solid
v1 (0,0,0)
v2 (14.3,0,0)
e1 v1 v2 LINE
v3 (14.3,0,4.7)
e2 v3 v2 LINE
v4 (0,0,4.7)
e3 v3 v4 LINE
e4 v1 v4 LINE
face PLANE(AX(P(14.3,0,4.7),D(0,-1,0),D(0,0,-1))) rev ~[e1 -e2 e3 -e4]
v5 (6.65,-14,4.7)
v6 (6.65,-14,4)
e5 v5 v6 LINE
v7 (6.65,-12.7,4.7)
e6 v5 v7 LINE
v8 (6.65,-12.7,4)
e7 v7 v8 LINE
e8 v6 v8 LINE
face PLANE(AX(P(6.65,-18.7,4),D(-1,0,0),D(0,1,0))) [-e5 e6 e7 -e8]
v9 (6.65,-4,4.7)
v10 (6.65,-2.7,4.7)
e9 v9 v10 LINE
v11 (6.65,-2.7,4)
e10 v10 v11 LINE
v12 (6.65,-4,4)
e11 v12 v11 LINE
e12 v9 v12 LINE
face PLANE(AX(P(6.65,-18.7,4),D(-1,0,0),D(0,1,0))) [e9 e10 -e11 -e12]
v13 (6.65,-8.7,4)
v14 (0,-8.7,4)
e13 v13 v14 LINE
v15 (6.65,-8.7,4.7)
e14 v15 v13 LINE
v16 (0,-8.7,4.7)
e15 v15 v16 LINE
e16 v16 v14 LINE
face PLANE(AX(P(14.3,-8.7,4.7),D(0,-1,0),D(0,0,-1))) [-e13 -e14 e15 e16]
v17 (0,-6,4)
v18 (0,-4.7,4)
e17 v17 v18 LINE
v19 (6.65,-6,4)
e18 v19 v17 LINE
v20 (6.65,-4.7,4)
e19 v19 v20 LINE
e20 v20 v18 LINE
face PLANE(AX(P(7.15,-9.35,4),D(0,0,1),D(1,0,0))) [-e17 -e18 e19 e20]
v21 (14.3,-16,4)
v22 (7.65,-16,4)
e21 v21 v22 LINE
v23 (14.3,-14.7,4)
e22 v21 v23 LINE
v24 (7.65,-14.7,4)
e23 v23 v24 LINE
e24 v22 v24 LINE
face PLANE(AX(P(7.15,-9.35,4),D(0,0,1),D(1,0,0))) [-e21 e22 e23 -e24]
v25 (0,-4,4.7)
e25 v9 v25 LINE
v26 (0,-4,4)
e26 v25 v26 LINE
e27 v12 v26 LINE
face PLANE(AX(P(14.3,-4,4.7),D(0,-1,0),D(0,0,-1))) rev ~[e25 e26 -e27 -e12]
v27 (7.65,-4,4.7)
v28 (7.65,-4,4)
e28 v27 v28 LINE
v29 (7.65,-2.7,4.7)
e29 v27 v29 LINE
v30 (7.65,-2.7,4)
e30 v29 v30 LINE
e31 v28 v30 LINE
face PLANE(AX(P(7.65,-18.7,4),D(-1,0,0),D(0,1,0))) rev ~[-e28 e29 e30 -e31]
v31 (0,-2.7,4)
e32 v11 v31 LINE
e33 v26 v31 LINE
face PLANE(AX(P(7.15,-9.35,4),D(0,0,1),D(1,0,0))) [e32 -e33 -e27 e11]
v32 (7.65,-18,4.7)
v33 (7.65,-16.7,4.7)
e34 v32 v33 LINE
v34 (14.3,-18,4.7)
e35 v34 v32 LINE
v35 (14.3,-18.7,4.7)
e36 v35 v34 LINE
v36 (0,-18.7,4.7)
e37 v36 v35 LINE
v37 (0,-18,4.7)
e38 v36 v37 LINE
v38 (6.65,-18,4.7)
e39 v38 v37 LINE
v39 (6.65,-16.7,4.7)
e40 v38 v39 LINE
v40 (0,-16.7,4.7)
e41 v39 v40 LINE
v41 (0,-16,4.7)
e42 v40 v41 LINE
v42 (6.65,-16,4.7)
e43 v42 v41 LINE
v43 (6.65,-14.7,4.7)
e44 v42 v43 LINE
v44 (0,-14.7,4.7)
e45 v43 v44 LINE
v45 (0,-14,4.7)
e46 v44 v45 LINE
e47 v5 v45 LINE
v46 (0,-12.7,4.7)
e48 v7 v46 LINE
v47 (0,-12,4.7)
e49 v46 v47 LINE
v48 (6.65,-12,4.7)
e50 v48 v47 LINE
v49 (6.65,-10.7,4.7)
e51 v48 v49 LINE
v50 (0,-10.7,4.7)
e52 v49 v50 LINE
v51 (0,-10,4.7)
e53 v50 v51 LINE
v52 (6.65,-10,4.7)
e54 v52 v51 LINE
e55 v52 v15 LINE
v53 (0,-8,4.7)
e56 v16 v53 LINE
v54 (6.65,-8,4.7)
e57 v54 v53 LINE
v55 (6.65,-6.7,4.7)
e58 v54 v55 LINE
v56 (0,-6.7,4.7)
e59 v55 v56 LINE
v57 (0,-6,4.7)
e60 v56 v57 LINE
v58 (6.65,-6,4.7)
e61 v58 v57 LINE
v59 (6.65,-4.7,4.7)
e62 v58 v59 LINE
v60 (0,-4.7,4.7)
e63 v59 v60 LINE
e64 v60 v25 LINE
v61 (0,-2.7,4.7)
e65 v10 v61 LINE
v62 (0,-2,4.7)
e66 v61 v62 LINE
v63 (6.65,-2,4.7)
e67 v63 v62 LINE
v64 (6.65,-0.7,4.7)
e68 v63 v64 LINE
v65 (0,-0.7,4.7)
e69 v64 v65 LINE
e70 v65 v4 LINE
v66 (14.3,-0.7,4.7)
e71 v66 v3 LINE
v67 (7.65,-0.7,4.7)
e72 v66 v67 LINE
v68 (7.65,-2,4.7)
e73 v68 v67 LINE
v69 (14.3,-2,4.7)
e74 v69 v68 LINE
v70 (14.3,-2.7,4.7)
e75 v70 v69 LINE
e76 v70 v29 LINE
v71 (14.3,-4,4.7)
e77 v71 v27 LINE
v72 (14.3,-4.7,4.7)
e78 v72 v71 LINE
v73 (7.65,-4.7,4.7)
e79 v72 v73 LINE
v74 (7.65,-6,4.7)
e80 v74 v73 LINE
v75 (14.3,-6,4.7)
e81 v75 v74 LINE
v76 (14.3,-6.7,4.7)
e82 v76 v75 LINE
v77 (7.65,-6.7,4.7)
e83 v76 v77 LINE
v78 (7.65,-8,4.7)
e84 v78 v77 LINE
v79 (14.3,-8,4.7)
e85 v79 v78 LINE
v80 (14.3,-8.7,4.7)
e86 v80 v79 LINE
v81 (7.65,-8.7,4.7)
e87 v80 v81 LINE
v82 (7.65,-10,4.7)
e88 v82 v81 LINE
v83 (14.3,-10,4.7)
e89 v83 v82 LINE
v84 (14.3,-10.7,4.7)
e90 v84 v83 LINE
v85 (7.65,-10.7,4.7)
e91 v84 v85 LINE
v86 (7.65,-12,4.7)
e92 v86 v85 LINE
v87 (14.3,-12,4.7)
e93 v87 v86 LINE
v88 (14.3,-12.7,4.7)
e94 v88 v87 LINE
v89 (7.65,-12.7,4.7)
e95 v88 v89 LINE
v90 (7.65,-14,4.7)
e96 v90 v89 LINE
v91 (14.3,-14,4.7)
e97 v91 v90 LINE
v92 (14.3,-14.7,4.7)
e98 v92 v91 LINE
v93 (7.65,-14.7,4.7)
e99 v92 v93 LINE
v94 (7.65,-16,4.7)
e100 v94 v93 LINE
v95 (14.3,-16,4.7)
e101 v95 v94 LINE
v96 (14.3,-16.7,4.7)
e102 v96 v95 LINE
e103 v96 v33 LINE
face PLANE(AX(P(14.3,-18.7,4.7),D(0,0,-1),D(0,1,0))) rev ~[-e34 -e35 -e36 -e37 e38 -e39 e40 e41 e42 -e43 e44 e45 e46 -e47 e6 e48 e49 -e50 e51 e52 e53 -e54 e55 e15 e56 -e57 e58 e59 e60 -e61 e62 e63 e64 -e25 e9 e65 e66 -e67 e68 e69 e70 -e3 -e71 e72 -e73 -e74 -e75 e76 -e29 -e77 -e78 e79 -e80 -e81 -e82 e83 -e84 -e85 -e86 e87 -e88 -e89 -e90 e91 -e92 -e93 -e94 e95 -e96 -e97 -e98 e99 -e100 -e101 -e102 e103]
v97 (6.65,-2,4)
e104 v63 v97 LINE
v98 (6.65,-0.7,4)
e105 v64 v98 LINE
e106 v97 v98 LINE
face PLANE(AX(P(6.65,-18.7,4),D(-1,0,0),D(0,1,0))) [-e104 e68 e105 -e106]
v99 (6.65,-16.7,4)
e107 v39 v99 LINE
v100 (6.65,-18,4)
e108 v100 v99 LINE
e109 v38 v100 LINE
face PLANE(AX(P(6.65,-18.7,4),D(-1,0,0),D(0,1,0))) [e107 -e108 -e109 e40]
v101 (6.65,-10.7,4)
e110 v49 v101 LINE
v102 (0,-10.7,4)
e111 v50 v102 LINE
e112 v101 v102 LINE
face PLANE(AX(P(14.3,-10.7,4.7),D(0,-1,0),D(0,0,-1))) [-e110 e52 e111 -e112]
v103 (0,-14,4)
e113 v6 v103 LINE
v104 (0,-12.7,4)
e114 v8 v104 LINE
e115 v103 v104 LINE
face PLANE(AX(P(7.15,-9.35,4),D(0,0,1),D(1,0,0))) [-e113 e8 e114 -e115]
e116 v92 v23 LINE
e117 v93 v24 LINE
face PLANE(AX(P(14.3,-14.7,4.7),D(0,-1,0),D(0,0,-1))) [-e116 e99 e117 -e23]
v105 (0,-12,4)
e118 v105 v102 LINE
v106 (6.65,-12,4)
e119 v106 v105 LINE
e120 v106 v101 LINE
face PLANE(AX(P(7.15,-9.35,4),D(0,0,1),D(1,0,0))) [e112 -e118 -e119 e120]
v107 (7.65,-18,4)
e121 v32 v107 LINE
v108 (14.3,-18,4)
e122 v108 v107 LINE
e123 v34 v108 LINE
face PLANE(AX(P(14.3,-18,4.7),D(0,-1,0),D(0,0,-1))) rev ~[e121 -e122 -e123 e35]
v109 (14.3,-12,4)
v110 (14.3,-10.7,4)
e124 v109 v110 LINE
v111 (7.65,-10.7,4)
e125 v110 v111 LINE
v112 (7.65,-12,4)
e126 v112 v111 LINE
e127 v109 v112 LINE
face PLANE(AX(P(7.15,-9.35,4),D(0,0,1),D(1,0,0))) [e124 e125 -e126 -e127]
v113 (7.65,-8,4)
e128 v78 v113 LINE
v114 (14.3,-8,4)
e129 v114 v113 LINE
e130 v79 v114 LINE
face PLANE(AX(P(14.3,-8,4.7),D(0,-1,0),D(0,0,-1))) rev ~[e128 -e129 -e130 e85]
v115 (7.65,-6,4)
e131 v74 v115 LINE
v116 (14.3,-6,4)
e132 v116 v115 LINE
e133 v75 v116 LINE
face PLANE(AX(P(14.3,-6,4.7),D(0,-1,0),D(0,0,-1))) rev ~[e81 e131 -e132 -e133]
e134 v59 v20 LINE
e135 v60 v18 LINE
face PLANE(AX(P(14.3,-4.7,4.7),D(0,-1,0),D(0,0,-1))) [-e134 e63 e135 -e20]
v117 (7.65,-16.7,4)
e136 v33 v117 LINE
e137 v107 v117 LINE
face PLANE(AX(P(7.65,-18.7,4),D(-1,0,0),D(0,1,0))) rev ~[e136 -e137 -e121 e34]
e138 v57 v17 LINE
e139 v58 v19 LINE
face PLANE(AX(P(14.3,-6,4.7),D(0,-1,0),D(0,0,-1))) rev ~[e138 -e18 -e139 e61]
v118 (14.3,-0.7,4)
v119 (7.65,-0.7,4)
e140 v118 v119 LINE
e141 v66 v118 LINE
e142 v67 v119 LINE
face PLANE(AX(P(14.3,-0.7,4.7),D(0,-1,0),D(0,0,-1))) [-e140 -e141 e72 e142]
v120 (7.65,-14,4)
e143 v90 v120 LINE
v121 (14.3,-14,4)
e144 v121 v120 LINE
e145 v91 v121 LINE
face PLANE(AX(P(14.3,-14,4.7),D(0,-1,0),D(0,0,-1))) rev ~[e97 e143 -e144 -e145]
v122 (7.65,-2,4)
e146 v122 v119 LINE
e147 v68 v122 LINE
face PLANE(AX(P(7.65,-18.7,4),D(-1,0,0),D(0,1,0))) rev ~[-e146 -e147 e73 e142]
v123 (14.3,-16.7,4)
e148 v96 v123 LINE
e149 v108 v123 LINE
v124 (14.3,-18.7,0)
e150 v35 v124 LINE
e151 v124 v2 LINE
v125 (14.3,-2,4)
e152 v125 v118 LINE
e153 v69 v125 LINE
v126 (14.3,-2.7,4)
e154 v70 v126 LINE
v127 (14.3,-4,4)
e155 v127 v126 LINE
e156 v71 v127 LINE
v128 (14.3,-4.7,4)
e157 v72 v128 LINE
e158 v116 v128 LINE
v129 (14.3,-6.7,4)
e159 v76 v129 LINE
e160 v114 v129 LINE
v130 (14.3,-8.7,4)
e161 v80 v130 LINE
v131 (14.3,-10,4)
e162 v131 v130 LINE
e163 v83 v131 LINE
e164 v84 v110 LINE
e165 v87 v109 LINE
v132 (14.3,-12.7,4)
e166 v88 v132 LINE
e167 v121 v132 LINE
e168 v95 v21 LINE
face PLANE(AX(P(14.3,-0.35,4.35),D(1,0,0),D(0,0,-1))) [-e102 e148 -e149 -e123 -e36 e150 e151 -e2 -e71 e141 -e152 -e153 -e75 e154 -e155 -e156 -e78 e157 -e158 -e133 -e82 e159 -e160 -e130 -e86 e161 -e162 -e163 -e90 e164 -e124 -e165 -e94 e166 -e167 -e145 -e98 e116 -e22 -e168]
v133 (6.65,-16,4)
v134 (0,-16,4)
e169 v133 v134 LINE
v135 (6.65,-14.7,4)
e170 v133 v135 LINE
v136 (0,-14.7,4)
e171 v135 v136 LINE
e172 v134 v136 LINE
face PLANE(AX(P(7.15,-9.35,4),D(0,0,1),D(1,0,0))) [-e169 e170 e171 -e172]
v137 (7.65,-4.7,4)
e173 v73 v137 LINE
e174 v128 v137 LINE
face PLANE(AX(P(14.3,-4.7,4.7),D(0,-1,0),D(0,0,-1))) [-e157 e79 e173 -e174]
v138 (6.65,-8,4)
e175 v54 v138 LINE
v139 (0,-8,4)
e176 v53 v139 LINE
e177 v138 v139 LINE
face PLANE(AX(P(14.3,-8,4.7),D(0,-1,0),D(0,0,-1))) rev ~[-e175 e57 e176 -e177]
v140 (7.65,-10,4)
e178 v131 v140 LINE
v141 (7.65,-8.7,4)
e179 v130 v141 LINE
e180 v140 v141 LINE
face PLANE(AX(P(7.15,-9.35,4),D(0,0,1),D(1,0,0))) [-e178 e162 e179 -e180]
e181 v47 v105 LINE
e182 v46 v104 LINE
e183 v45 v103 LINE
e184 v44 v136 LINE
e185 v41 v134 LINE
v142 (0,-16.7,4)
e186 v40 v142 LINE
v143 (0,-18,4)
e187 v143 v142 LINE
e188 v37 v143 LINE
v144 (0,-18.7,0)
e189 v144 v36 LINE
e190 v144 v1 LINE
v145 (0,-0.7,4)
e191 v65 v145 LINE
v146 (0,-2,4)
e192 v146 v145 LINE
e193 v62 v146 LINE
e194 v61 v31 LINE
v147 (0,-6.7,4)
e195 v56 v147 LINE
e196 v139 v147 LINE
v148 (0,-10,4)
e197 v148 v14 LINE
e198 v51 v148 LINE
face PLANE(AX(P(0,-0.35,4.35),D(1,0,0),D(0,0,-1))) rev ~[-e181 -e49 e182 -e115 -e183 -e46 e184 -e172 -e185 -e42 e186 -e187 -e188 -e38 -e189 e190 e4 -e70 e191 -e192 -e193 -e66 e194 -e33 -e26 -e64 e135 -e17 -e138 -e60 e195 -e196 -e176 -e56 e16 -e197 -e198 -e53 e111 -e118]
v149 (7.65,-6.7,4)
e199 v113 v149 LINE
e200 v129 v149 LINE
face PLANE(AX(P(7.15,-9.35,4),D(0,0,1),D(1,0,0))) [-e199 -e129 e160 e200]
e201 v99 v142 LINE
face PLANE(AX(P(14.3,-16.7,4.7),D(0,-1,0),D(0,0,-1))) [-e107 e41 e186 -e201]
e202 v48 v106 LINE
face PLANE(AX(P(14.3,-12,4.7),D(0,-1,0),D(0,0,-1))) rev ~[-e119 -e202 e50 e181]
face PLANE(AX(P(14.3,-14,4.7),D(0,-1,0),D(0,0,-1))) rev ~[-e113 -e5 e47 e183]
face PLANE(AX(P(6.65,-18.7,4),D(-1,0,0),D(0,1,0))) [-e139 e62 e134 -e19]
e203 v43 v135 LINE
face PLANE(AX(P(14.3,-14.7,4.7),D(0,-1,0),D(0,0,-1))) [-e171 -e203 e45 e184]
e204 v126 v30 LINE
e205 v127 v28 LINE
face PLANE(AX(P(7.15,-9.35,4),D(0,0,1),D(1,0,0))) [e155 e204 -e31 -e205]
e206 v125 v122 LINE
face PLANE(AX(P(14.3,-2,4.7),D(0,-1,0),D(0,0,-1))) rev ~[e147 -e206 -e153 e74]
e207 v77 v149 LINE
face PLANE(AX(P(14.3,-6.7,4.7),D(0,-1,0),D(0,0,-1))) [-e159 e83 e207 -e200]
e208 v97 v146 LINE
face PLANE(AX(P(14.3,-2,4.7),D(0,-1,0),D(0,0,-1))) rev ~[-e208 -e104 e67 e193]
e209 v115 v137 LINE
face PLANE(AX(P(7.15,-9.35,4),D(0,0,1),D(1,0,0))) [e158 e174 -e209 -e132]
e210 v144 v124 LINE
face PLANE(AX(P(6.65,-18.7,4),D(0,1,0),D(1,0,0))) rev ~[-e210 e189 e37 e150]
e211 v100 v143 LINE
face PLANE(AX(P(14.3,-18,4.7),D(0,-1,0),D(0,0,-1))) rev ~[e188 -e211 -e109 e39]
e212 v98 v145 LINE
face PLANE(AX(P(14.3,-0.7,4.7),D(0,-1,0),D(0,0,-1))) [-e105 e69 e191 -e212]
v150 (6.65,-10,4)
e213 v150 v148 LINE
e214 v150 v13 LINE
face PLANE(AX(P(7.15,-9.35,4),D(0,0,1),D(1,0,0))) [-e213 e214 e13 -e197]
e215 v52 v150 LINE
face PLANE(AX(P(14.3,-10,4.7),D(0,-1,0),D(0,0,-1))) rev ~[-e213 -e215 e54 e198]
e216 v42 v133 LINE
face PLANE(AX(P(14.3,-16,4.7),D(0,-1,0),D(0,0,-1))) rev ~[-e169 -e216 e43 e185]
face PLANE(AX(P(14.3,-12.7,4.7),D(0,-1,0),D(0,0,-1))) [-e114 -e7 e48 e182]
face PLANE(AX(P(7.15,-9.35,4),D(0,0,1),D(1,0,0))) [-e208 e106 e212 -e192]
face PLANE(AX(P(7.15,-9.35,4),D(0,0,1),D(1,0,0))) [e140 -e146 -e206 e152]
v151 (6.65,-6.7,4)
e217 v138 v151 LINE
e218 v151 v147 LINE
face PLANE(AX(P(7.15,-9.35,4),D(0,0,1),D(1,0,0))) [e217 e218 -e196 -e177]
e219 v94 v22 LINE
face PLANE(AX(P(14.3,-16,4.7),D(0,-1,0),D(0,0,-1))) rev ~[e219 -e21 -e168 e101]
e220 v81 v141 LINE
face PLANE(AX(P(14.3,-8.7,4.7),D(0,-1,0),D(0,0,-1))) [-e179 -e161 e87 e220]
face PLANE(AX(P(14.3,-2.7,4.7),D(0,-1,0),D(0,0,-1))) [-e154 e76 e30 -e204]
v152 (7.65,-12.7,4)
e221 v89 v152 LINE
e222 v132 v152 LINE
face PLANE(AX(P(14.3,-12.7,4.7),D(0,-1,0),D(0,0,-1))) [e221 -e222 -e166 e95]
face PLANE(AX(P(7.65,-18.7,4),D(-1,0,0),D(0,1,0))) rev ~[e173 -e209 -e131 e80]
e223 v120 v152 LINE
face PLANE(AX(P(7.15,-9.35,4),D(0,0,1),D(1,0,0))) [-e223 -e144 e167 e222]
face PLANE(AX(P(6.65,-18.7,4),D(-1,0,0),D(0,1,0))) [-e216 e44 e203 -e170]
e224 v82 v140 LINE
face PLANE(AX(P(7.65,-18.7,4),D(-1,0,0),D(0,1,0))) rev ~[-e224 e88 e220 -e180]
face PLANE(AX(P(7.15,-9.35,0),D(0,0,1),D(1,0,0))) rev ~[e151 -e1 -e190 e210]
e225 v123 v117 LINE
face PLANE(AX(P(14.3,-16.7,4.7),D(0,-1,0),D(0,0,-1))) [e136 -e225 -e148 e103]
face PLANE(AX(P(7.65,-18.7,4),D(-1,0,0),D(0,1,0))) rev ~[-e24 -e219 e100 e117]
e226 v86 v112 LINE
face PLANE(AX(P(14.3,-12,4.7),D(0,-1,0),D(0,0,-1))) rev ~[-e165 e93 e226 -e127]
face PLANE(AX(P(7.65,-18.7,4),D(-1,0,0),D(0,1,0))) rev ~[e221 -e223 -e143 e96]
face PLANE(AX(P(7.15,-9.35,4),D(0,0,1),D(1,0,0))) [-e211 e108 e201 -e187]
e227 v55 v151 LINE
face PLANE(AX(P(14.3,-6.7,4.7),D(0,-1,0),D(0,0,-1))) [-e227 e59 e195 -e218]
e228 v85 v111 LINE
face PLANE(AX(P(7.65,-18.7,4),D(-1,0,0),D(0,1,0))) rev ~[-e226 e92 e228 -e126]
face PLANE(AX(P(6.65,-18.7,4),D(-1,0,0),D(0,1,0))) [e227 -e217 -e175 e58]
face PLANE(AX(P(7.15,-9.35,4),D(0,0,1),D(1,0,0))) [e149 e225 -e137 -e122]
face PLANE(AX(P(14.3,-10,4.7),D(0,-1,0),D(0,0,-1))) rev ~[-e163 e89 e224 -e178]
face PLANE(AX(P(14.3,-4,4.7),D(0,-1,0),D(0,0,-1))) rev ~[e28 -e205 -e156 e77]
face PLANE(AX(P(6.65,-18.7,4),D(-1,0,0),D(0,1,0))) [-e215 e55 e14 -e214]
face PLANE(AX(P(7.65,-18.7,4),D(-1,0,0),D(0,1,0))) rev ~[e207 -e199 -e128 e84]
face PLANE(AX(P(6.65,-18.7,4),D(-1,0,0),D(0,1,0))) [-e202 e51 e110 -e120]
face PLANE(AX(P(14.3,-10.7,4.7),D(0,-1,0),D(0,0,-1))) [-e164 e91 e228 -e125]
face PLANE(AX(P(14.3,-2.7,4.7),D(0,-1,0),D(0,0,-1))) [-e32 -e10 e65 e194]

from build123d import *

# Parameters (mm, degrees)
SKETCH_1_W      = 14.3
SKETCH_1_H      = 18.7
EXTRUDE_1_DEPTH = 4
SKETCH_2_W      = 0.7
SKETCH_2_H      = 0.7
EXTRUDE_2_DEPTH = 14.3
SKETCH_3_W      = 1
SKETCH_3_H      = 18.7
EXTRUDE_4_DEPTH = 0.7


with BuildPart() as part:
    # 草图1 → 凸台-拉伸1 (new body)
    with BuildSketch(Plane.XY):
        with Locations((7.15, -9.35)):
            Rectangle(SKETCH_1_W, SKETCH_1_H)
    extrude(amount=EXTRUDE_1_DEPTH)

    # 草图2 → 凸台-拉伸2 (add)
    with BuildSketch(Plane(origin=(14.3, 0, 0), x_dir=(0, 0, -1), z_dir=(1, 0, 0))):
        with Locations((-4.35, -2.35)):
            Rectangle(SKETCH_2_W, SKETCH_2_H)
        with Locations((-4.35, -0.35)):
            Rectangle(SKETCH_2_W, SKETCH_2_H)
        with Locations((-4.35, -4.35)):
            Rectangle(SKETCH_2_W, SKETCH_2_H)
        with Locations((-4.35, -6.35)):
            Rectangle(SKETCH_2_W, SKETCH_2_H)
        with Locations((-4.35, -8.35)):
            Rectangle(SKETCH_2_W, SKETCH_2_H)
        with Locations((-4.35, -10.35)):
            Rectangle(SKETCH_2_W, SKETCH_2_H)
        with Locations((-4.35, -12.35)):
            Rectangle(SKETCH_2_W, SKETCH_2_H)
        with Locations((-4.35, -14.35)):
            Rectangle(SKETCH_2_W, SKETCH_2_H)
        with Locations((-4.35, -16.35)):
            Rectangle(SKETCH_2_W, SKETCH_2_H)
        with Locations((-4.35, -18.35)):
            Rectangle(SKETCH_2_W, SKETCH_2_H)
    extrude(amount=-EXTRUDE_2_DEPTH)

    # 草图3 → 凸台-拉伸4 (add)
    with BuildSketch(Plane.XY.offset(4)):
        with Locations((7.15, -9.35)):
            Rectangle(SKETCH_3_W, SKETCH_3_H)
    extrude(amount=EXTRUDE_4_DEPTH)


solid = part.part
